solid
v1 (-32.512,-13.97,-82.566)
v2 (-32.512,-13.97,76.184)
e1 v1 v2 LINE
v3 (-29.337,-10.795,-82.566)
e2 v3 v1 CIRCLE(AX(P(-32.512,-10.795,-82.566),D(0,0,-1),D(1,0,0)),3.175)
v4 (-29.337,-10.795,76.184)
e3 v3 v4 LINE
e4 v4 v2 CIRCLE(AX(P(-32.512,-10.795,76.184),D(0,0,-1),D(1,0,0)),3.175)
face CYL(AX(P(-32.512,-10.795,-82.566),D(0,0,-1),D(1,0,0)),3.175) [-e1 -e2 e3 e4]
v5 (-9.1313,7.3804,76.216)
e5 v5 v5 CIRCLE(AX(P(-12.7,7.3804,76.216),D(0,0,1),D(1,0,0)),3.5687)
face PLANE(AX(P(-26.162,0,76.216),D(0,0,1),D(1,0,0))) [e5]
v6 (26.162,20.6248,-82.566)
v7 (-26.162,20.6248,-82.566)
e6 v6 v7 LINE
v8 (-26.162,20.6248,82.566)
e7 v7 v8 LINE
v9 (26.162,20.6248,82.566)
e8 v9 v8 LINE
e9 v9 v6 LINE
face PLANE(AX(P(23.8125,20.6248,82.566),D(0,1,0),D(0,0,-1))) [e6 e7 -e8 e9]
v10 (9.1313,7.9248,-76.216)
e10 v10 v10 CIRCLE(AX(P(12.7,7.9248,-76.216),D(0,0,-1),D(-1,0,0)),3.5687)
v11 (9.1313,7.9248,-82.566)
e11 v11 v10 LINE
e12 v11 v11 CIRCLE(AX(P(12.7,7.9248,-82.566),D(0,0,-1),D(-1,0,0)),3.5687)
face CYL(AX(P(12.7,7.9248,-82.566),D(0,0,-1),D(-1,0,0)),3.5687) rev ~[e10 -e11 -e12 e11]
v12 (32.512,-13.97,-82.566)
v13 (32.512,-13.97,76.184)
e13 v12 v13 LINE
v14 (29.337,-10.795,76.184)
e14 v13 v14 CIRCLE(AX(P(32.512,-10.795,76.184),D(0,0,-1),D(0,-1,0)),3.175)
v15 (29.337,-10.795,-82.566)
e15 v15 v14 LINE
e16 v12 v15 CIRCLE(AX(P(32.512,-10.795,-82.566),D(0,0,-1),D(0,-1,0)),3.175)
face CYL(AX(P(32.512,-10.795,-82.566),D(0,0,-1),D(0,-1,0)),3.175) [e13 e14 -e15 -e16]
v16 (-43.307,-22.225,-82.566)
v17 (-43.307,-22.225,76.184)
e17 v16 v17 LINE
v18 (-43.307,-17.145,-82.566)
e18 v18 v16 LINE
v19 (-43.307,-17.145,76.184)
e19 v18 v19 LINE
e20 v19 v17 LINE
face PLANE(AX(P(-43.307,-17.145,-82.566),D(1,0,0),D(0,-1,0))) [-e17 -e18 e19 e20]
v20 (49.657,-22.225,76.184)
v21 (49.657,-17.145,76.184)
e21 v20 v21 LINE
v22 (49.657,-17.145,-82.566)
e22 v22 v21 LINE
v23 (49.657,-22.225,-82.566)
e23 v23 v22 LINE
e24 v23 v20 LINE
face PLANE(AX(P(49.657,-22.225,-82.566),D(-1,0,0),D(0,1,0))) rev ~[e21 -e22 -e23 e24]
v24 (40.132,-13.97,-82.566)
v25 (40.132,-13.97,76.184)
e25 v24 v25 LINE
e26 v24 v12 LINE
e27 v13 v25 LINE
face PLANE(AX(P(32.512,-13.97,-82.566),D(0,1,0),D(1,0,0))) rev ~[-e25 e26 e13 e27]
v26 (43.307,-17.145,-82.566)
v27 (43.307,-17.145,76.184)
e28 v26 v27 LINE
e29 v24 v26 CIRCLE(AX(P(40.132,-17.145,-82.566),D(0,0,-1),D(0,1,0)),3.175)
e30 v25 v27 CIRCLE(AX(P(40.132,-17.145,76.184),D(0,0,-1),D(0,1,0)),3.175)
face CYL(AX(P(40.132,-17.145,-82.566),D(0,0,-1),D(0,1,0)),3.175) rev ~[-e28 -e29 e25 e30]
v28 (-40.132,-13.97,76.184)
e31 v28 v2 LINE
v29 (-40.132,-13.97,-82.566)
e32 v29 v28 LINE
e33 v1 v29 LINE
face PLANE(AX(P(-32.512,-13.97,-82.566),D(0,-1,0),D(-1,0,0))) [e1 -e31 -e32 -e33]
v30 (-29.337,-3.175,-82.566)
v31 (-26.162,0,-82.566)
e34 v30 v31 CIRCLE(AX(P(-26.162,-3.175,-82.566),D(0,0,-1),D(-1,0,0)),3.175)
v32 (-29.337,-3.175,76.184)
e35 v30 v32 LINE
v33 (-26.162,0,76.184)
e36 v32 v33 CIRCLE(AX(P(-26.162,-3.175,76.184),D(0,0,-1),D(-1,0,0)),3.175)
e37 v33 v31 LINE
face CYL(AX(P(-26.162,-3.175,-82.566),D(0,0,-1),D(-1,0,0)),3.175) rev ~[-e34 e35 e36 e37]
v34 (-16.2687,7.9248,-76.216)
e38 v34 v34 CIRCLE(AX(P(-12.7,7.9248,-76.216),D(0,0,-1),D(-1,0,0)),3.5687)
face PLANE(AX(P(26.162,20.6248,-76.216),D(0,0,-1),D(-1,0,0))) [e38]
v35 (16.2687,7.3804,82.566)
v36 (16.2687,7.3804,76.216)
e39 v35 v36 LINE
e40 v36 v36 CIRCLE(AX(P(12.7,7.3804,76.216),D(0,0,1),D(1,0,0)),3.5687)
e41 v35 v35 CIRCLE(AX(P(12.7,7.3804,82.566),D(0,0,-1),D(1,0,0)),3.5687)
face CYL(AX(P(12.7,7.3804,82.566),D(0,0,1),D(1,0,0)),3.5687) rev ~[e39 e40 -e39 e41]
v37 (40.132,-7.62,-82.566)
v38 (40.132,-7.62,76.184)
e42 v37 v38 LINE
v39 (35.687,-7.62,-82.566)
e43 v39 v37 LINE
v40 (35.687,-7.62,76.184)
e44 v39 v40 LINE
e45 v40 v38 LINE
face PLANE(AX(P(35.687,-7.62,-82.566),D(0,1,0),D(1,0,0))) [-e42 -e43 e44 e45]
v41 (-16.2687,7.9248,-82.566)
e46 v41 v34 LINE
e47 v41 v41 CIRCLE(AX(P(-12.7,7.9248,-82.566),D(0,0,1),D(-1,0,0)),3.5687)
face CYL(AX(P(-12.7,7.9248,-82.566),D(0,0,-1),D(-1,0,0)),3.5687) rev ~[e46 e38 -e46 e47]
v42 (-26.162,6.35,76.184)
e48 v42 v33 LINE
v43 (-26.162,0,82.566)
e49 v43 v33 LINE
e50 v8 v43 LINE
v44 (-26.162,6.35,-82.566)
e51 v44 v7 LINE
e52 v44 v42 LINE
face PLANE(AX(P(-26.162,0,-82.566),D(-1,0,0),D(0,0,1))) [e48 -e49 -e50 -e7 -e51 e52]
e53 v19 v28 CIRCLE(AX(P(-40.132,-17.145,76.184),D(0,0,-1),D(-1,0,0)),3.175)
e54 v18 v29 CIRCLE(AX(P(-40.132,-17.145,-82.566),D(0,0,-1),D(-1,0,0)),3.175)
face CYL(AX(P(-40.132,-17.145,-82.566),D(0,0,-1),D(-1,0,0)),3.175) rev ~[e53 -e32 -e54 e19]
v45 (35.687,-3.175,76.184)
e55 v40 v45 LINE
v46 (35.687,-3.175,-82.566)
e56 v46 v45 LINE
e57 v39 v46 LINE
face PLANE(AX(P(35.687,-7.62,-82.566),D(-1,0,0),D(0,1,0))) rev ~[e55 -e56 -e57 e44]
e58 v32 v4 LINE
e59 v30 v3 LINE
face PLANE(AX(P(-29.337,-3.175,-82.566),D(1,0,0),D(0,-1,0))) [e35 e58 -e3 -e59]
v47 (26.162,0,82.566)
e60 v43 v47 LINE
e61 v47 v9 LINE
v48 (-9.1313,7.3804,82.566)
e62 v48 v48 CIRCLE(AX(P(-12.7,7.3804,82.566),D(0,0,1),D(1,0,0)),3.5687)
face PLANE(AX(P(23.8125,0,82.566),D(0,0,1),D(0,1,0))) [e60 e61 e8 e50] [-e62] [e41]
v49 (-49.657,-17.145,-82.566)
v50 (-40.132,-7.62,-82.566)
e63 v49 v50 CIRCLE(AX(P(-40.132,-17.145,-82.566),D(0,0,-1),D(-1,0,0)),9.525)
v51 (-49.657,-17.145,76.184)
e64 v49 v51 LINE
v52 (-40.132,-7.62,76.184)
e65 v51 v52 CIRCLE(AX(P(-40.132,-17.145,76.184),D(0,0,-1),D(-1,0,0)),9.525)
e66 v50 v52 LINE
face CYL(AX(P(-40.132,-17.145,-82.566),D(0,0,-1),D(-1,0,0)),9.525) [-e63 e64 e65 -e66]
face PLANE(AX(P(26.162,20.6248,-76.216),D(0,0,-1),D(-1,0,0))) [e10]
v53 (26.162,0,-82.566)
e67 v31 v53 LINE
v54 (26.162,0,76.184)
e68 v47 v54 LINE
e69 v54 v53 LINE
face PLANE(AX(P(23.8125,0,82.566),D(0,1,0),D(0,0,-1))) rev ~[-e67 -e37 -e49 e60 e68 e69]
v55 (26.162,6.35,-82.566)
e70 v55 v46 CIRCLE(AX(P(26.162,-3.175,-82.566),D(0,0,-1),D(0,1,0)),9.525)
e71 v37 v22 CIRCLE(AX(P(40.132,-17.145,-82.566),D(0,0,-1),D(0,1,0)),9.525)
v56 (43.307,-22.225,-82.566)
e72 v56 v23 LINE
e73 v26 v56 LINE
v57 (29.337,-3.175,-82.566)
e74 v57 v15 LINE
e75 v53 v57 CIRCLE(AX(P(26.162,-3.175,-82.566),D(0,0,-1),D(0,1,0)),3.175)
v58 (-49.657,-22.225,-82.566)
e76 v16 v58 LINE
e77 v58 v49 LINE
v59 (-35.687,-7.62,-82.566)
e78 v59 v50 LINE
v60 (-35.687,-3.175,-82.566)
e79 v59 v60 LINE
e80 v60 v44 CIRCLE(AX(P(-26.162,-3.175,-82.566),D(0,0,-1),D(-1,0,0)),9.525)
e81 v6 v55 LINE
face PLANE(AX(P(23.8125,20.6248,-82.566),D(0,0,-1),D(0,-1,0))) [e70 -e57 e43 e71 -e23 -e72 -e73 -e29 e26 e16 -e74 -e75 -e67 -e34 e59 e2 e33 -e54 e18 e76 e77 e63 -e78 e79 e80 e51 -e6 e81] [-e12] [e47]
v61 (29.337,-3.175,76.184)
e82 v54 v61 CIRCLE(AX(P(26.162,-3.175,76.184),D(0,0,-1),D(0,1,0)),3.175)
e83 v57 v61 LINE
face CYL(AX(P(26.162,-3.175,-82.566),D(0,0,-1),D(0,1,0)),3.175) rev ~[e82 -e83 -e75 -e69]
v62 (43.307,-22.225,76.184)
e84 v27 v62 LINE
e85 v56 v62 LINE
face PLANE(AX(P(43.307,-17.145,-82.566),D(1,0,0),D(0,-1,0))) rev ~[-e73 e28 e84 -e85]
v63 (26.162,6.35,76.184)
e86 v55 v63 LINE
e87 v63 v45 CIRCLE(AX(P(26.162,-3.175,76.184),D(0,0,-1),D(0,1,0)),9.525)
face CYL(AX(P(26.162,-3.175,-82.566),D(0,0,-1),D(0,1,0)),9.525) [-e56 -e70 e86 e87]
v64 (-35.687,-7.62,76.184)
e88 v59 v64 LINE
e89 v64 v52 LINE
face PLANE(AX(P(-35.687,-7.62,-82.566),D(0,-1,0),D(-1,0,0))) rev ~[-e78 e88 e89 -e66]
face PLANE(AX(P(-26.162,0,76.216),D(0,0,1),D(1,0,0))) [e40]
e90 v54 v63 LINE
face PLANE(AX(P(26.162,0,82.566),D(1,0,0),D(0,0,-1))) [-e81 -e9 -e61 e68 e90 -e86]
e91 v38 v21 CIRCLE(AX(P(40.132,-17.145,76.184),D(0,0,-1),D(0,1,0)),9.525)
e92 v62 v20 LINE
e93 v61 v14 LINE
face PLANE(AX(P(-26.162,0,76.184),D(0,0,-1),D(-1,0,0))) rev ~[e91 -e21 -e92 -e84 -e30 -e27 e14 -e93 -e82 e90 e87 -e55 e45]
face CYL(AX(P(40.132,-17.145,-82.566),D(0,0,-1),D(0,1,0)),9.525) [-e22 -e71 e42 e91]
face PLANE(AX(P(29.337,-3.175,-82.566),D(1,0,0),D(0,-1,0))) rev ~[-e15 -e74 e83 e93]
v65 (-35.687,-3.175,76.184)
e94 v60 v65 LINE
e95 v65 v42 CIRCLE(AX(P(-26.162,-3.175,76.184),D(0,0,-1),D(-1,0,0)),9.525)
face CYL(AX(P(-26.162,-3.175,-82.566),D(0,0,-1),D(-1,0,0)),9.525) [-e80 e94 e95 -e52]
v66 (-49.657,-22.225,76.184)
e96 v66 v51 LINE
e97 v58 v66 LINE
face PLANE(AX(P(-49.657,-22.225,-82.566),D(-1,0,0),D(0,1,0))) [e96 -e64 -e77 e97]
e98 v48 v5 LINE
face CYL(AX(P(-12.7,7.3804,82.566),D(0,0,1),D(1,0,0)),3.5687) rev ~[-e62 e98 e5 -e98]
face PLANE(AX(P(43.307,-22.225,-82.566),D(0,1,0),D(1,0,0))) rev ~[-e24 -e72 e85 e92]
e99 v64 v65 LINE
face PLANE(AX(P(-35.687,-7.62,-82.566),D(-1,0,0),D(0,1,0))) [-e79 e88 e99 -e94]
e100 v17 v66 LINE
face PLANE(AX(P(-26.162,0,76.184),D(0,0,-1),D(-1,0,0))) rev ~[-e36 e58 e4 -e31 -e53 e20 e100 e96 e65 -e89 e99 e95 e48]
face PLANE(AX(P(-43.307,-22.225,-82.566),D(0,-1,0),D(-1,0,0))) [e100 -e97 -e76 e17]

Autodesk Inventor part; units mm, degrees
ref_plane "YZ Plane" through (0, 0, 0) normal (1, 0, 0) x (0, 1, 0)
ref_plane "XZ Plane" through (0, 0, 0) normal (0, 1, 0) x (-1, 0, 0)
ref_plane "XY Plane" through (0, 0, 0) normal (0, 0, 1) x (1, 0, 0)
sketch "Sketch1" plane through (0, 0, 0) normal (0, 1, 0) x (-1, 0, 0)
  line L0 (-23.8125, -82.566) -> (23.8125, -82.566)
  line L1 (23.8125, -82.566) -> (23.8125, 82.566)
  line L2 (23.8125, 82.566) -> (-23.8125, 82.566)
  line L3 (-23.8125, 82.566) -> (-23.8125, -82.566)
  line L4 (-23.8125, -82.566) -> (23.8125, 82.566) construction
  line L5 (23.8125, -82.566) -> (-23.8125, 82.566) construction
  point P0 (0, 0)
  dimension "d0" = 47.625
  dimension "d1" = 165.132
extrude "Extrusion1" add sketch "Sketch1" along normal blind 20.6248
sketch "Sketch5" plane through (-23.8125, 0, -82.566) normal (-1, 0, 0) x (0, 0, 1)
  line L0 (0, 20.6248) -> (165.132, 20.6248) projected
  line L1 (165.132, 0) -> (0, 0) projected
  line L2 (0, 20.6248) -> (165.132, 20.6248)
  line L3 (165.132, 20.6248) -> (165.132, 0)
  line L4 (165.132, 0) -> (0, 0)
  line L5 (0, 0) -> (0, 20.6248)
  point P0 (82.566, 0)
extrude "Extrusion4" add sketch "Sketch5" along normal blind 2.3495
sketch "Sketch6" plane through (23.8125, 0, 82.566) normal (1, 0, 0) x (0, 0, -1)
  line L0 (0, 0) -> (0, 20.6248) projected
  line L1 (0, 0) -> (165.132, 0) projected
  line L2 (0, 20.6248) -> (165.132, 20.6248)
  line L3 (165.132, 20.6248) -> (165.132, 0)
  line L4 (165.132, 0) -> (0, 0)
  line L5 (0, 0) -> (0, 20.6248)
  point P0 (82.566, 0)
extrude "Extrusion5" add sketch "Sketch6" along normal blind 2.3495
sketch "Sketch7" plane through (-26.162, 0, -82.566) normal (0, 0, -1) x (-1, 0, 0)
  line L0 (0, 0) -> (-52.324, 0) projected
  line L1 (0, -3.175) -> (3.175, -3.175)
  line L2 (0, -3.175) -> (0, 0)
  arc A0 (3.175, -3.175) -> (0, 0) centre (0, -3.175) ccw
  line L3 (-52.324, 0) -> (-52.324, -3.175)
  arc A1 (-52.324, 0) -> (-55.499, -3.175) centre (-52.324, -3.175) ccw
  line L4 (-52.324, -3.175) -> (-55.499, -3.175)
  line L5 (-52.324, 0) -> (-52.324, 6.35)
  line L6 (-52.324, 0) -> (-52.324, 20.6248) projected
  arc A2 (-52.324, 6.35) -> (-61.849, -3.175) centre (-52.324, -3.175) ccw
  line L7 (-55.499, -3.175) -> (-61.849, -3.175)
  line L8 (-55.499, -3.175) -> (-55.499, -10.795)
  line L9 (-55.499, -10.795) -> (-61.849, -10.795)
  line L10 (-61.849, -10.795) -> (-61.849, -3.175)
  line L11 (-55.499, -10.795) -> (-58.674, -10.795)
  arc A3 (-58.674, -13.97) -> (-55.499, -10.795) centre (-58.674, -10.795) ccw
  line L12 (-58.674, -13.97) -> (-66.294, -13.97)
  line L13 (-66.294, -13.97) -> (-66.294, -17.145)
  arc A4 (-66.294, -13.97) -> (-69.469, -17.145) centre (-66.294, -17.145) ccw
  line L14 (-66.294, -17.145) -> (-69.469, -17.145)
  line L15 (-69.469, -17.145) -> (-69.469, -22.225)
  line L16 (-61.849, -13.97) -> (-61.849, -7.62)
  line L17 (-61.849, -7.62) -> (-66.294, -7.62)
  arc A5 (-66.294, -7.62) -> (-75.819, -17.145) centre (-66.294, -17.145) ccw
  line L18 (-69.469, -22.225) -> (-75.819, -22.225)
  line L19 (-75.819, -22.225) -> (-75.819, -17.145)
  line L20 (-69.469, -17.145) -> (-75.819, -17.145)
  line L21 (-26.162, 0) -> (-26.162, 12.6356)
  arc A6 (3.175, -3.175) -> (0, 0) centre (0, -3.175) ccw
  line L22 (0, -3.175) -> (3.175, -3.175)
  arc A7 (9.525, -3.175) -> (0, 6.35) centre (0, -3.175) ccw
  line L23 (3.175, -3.175) -> (9.525, -3.175)
  line L24 (3.175, -3.175) -> (3.175, -10.795)
  line L25 (3.175, -10.795) -> (9.525, -10.795)
  line L26 (9.525, -10.795) -> (9.525, -3.175)
  line L27 (3.175, -10.795) -> (6.35, -10.795)
  arc A8 (3.175, -10.795) -> (6.35, -13.97) centre (6.35, -10.795) ccw
  line L28 (6.35, -13.97) -> (13.97, -13.97)
  line L29 (13.97, -13.97) -> (13.97, -17.145)
  arc A9 (17.145, -17.145) -> (13.97, -13.97) centre (13.97, -17.145) ccw
  line L30 (13.97, -17.145) -> (17.145, -17.145)
  line L31 (17.145, -17.145) -> (17.145, -22.225)
  line L32 (9.525, -13.97) -> (9.525, -7.62)
  line L33 (9.525, -7.62) -> (13.97, -7.62)
  arc A10 (23.495, -17.145) -> (13.97, -7.62) centre (13.97, -17.145) ccw
  line L34 (17.145, -22.225) -> (23.495, -22.225)
  line L35 (23.495, -22.225) -> (23.495, -17.145)
  line L36 (17.145, -17.145) -> (23.495, -17.145)
  line L37 (0, 20.6248) -> (0, 0) projected
  line L38 (0, 0) -> (0, 6.35)
  dimension "d22" = 3.175
  dimension "d23" = 6.35
  dimension "d24" = 7.62
  dimension "d26" = 7.62
  dimension "d29" = 3.175
  dimension "d30" = 5.08
  dimension "d31" = 6.35
  dimension "d32" = 6.35
extrude "Extrusion6" add sketch "Sketch7" against normal blind 158.75 contours A1 L7 A2 L5 | L37 A7 L23 A0 | L23 L26 L25 L24 | L25 L32 L28 A8 | L8 L9 L10 L7 | L33 A10 L36 A9 L28 L32 L26 | A3 L12 L16 L9 | L10 L16 L12 A4 L20 A5 L17 | L35 L34 L31 L36 | L20 L15 L18 L19
sketch "Sketch10" plane through (-26.162, 0, 82.566) normal (0, 0, 1) x (1, 0, 0)
  line L0 (26.162, 20.0804) -> (26.162, 7.3804)
  line L1 (26.162, 7.3804) -> (38.862, 7.3804)
  line L2 (26.162, 7.3804) -> (13.462, 7.3804)
  circle A0 centre (13.462, 7.3804) radius 3.5687
  circle A1 centre (38.862, 7.3804) radius 3.5687
  point P0 (26.162, 0)
  dimension "d52" = 12.7
  dimension "d53" = 12.7
  dimension "d54" = 12.7
  dimension "d55" = 7.1374
  dimension "d56" = 7.1374
extrude "Extrusion9" cut sketch "Sketch10" against normal blind 6.35
sketch "Sketch11" plane through (26.162, 20.6248, -82.566) normal (0, 0, -1) x (-1, 0, 0)
  line L0 (0, 0) -> (52.324, 0) projected
  line L1 (26.162, 0) -> (26.162, -12.7)
  line L2 (26.162, -12.7) -> (38.862, -12.7)
  line L3 (38.862, -12.7) -> (13.462, -12.7)
  circle A0 centre (38.862, -12.7) radius 3.5687
  circle A1 centre (13.462, -12.7) radius 3.5687
  point P0 (26.162, -20.6248)
  dimension "d59" = 12.7
  dimension "d60" = 12.7
  dimension "d61" = 25.4
  dimension "d62" = 7.1374
  dimension "d63" = 7.1374
extrude "Extrusion10" cut sketch "Sketch11" against normal blind 6.35
properties part number "Clamp connector"
